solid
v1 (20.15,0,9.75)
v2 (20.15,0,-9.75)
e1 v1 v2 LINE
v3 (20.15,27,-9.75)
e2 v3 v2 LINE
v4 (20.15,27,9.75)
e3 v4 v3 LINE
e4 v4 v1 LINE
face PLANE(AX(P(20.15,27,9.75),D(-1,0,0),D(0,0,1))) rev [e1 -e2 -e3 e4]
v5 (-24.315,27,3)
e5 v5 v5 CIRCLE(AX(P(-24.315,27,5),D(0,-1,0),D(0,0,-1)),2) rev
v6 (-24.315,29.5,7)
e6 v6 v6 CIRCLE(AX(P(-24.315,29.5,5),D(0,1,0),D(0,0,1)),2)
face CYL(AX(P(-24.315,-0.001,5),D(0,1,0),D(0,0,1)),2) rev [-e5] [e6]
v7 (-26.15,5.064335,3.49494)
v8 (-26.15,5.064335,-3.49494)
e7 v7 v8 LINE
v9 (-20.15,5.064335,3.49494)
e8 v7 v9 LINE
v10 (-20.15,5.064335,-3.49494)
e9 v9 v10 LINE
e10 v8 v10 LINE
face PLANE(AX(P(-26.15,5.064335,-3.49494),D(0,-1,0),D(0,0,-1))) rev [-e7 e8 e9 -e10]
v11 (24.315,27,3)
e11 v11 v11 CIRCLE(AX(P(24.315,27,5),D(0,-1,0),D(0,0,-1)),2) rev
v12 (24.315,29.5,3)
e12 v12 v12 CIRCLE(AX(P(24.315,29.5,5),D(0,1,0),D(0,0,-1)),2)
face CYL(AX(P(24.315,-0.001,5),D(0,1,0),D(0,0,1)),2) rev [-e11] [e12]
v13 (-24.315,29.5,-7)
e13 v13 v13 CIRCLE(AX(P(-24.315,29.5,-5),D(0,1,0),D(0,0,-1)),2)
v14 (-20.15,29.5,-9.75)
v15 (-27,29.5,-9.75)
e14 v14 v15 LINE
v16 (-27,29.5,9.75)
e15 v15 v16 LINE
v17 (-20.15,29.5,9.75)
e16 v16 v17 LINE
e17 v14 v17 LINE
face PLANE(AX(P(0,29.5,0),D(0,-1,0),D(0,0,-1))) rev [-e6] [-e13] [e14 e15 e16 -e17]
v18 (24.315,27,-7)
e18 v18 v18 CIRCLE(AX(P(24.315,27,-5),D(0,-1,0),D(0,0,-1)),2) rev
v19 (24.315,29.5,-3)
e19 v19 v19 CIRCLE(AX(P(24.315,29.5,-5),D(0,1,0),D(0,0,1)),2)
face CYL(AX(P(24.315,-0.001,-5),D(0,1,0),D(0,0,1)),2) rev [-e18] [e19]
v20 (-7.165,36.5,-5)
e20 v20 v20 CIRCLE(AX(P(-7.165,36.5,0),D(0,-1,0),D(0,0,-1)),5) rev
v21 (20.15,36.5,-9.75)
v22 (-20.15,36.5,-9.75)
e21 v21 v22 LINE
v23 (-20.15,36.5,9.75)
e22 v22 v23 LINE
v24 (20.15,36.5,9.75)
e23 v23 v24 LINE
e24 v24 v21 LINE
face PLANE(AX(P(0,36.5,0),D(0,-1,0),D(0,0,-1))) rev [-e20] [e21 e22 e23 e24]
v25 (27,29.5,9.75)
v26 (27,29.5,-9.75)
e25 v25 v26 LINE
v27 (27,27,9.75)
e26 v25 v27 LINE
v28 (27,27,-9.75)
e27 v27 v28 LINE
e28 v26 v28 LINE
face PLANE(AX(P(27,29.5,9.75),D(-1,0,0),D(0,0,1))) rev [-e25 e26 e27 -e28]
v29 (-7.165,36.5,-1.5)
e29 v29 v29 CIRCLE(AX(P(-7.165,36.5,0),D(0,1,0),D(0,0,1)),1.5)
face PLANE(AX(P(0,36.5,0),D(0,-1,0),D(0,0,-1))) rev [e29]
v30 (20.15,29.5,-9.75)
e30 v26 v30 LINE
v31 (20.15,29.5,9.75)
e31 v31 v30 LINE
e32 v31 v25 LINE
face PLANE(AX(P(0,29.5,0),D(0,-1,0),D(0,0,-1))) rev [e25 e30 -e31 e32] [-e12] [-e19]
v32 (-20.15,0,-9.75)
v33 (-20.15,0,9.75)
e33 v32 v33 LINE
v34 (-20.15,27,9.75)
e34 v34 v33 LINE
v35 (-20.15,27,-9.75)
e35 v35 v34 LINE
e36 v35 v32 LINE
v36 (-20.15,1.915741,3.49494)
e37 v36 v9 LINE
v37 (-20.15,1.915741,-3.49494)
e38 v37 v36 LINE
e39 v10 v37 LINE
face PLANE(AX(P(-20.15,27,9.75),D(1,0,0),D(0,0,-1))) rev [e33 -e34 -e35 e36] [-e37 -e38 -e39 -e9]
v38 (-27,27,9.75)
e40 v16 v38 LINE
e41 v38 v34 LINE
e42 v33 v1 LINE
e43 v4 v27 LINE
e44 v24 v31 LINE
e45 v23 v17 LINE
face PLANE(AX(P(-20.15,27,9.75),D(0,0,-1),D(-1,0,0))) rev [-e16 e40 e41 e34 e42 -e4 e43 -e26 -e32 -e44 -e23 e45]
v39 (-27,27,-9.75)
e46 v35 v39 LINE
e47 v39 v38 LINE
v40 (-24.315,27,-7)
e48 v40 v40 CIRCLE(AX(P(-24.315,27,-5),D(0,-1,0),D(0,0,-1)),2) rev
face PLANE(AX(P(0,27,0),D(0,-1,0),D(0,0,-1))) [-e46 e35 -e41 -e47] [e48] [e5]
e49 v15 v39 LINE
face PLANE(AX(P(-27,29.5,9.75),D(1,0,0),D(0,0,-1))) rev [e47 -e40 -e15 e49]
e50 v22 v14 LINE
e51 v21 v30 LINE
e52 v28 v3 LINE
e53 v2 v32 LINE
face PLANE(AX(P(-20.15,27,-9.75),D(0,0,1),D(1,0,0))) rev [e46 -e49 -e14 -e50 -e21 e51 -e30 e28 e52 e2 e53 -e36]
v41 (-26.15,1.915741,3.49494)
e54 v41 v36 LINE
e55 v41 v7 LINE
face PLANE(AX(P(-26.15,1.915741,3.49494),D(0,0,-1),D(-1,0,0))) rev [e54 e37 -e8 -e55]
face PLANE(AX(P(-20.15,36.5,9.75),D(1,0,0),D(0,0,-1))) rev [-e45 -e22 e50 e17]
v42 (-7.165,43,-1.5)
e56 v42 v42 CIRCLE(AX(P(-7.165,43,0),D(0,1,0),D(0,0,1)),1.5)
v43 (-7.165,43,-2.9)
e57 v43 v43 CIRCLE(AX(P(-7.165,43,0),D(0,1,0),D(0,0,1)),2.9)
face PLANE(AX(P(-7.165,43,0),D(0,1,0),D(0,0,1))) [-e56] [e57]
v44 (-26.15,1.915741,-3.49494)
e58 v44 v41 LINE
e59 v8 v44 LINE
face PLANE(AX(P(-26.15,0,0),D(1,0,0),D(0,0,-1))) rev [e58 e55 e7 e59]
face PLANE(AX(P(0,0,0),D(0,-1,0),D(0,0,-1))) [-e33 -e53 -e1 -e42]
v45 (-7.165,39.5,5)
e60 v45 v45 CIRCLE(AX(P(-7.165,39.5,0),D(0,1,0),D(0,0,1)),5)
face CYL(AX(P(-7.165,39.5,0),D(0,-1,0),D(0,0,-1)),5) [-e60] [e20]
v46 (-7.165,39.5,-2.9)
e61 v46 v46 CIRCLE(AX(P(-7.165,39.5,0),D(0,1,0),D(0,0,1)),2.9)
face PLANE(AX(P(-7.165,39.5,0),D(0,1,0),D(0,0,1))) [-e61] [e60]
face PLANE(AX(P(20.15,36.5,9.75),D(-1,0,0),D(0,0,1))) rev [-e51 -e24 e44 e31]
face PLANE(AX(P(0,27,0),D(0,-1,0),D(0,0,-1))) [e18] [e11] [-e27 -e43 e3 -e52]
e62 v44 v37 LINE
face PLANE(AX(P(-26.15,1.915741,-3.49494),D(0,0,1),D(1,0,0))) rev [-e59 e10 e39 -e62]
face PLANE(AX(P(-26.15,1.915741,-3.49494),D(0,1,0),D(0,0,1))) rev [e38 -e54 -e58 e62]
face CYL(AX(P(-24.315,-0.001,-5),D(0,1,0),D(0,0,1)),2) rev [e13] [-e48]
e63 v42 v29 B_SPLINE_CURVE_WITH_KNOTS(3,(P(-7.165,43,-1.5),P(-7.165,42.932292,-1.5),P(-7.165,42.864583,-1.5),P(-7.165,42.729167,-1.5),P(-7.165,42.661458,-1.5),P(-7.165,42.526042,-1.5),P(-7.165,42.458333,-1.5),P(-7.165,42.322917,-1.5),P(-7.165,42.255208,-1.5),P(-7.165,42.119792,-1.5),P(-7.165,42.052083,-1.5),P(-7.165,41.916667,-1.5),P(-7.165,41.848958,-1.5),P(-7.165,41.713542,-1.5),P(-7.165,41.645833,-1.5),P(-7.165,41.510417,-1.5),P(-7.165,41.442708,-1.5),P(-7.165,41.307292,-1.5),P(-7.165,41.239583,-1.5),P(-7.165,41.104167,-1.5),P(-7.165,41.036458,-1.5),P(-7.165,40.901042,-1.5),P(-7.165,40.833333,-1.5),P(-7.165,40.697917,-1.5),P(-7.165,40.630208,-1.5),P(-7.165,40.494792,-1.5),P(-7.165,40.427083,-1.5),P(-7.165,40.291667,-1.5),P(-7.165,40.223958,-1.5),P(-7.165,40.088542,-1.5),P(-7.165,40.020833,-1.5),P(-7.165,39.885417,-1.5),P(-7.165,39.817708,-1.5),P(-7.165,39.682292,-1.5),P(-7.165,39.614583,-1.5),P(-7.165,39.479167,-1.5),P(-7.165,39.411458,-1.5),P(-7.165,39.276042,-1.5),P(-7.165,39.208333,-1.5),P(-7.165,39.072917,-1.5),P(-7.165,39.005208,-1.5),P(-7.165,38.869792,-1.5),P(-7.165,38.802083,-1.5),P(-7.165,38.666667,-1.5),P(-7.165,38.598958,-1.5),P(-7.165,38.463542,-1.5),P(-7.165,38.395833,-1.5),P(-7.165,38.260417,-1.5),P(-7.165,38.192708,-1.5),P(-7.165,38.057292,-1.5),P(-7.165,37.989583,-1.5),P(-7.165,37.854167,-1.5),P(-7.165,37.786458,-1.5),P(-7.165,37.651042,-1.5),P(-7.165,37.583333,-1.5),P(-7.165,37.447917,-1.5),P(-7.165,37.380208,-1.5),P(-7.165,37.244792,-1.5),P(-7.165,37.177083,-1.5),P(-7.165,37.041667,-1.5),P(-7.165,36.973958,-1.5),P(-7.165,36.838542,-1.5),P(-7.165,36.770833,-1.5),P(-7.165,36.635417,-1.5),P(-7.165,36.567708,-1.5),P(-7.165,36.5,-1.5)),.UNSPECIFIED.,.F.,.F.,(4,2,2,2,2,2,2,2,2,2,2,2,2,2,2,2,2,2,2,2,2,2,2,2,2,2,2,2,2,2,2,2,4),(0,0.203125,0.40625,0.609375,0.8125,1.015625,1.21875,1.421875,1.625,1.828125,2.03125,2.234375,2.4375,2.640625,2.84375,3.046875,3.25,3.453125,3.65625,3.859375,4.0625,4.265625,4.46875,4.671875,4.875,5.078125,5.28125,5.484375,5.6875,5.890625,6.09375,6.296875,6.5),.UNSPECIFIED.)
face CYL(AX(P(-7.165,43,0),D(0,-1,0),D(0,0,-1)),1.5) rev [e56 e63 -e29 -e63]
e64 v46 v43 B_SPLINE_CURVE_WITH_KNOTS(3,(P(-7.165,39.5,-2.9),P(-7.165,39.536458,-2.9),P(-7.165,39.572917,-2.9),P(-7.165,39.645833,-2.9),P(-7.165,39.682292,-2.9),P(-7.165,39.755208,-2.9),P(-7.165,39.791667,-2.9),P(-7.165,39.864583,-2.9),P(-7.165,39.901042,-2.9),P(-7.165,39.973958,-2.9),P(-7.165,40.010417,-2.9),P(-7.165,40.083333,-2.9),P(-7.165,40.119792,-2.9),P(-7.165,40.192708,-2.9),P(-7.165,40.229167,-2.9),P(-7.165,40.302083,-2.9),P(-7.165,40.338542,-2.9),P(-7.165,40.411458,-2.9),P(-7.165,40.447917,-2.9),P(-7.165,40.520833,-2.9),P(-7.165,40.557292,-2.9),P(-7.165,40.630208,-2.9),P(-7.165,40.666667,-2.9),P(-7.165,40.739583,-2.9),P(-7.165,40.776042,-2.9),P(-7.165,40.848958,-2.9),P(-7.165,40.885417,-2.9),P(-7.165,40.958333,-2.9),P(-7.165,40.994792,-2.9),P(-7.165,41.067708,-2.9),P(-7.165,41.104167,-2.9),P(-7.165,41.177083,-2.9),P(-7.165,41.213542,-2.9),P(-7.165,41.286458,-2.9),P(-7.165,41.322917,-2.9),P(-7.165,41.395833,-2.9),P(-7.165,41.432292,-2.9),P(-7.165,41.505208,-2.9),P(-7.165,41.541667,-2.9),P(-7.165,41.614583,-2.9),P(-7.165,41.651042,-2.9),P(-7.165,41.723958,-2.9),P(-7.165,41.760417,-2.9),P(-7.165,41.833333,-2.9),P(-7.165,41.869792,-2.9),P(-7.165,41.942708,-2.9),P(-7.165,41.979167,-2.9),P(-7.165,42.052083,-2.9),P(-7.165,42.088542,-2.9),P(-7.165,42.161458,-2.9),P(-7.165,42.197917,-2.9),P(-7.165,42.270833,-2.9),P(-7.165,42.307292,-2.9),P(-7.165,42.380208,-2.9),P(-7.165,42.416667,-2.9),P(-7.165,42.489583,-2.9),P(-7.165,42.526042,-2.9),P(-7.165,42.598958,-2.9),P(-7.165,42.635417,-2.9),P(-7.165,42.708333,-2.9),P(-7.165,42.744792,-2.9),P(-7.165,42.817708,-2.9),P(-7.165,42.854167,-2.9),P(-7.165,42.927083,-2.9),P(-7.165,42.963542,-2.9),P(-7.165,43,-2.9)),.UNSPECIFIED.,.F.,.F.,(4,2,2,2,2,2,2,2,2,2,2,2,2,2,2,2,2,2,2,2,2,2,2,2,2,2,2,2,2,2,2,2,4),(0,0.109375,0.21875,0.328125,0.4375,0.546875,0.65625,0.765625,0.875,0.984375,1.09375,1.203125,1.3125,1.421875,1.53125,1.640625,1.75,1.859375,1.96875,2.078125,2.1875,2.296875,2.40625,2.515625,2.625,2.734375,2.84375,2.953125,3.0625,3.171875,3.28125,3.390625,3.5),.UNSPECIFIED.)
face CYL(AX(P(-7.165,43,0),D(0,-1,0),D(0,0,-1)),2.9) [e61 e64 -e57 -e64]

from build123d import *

# Parameters (mm, degrees)
SKETCH_1_W          = 40.3
SKETCH_1_H          = 19.5
EXTRUDE_1_DEPTH     = 27
SKETCH_2_W          = 54
SKETCH_2_H          = 19.5
EXTRUDE_2_DEPTH     = 2.5
CUT_EXTRUDE_1_REACH = 43.162
SKETCH_3_R          = 2
SKETCH_4_W          = 40.3
SKETCH_4_H          = 19.5
EXTRUDE_3_DEPTH     = 7
SKETCH_6_R          = 2.9
SKETCH_6_R_2        = 1.5
EXTRUDE_4_DEPTH     = 6.5
SKETCH_7_R          = 5
SKETCH_7_R_2        = 2.9
EXTRUDE_5_DEPTH     = 3
SKETCH_8_W          = 6.989880398
SKETCH_8_H          = 3.148594774
EXTRUDE_6_DEPTH     = 6


with BuildPart() as part:
    # 草图1 → 凸台-拉伸1 (new body)
    with BuildSketch(Plane(origin=(0, 0, 0), x_dir=(1, 0, 0), z_dir=(0, 1, 0))):
        Rectangle(SKETCH_1_W, SKETCH_1_H)
    extrude(amount=EXTRUDE_1_DEPTH)

    # 草图2 → 凸台-拉伸2 (add)
    with BuildSketch(Plane(origin=(0, 27, 0), x_dir=(1, 0, 0), z_dir=(0, 1, 0))):
        Rectangle(SKETCH_2_W, SKETCH_2_H)
    extrude(amount=EXTRUDE_2_DEPTH)

    # 草图3 → 切除-拉伸1 (cut, up to next)
    with BuildSketch(Plane(origin=(0, 29.5, 0), x_dir=(1, 0, 0), z_dir=(0, 1, 0)), mode=Mode.PRIVATE) as cut_extrude_1_sk1:
        with Locations(Location((24.315, 5, 0), (0, 0, 270))):
            Circle(SKETCH_3_R)
    cut_extrude_1_tool1 = extrude(cut_extrude_1_sk1.sketch, amount=-CUT_EXTRUDE_1_REACH, mode=Mode.PRIVATE) & part.part
    # 草图3 → 切除-拉伸1 (cut, up to next)
    with BuildSketch(Plane(origin=(0, 29.5, 0), x_dir=(1, 0, 0), z_dir=(0, 1, 0)), mode=Mode.PRIVATE) as cut_extrude_1_sk2:
        with Locations(Location((-24.315, 5, 0), (0, 0, 90))):
            Circle(SKETCH_3_R)
    cut_extrude_1_tool2 = extrude(cut_extrude_1_sk2.sketch, amount=-CUT_EXTRUDE_1_REACH, mode=Mode.PRIVATE) & part.part
    # 草图3 → 切除-拉伸1 (cut, up to next)
    with BuildSketch(Plane(origin=(0, 29.5, 0), x_dir=(1, 0, 0), z_dir=(0, 1, 0)), mode=Mode.PRIVATE) as cut_extrude_1_sk3:
        with Locations(Location((24.315, -5, 0), (0, 0, 90))):
            Circle(SKETCH_3_R)
    cut_extrude_1_tool3 = extrude(cut_extrude_1_sk3.sketch, amount=-CUT_EXTRUDE_1_REACH, mode=Mode.PRIVATE) & part.part
    # 草图3 → 切除-拉伸1 (cut, up to next)
    with BuildSketch(Plane(origin=(0, 29.5, 0), x_dir=(1, 0, 0), z_dir=(0, 1, 0)), mode=Mode.PRIVATE) as cut_extrude_1_sk4:
        with Locations(Location((-24.315, -5, 0), (0, 0, 270))):
            Circle(SKETCH_3_R)
    cut_extrude_1_tool4 = extrude(cut_extrude_1_sk4.sketch, amount=-CUT_EXTRUDE_1_REACH, mode=Mode.PRIVATE) & part.part
    add(cut_extrude_1_tool1.solids().sort_by_distance((24.315, 29.5, -5))[0], mode=Mode.SUBTRACT)
    add(cut_extrude_1_tool2.solids().sort_by_distance((-24.315, 29.5, -5))[0], mode=Mode.SUBTRACT)
    add(cut_extrude_1_tool3.solids().sort_by_distance((24.315, 29.5, 5))[0], mode=Mode.SUBTRACT)
    add(cut_extrude_1_tool4.solids().sort_by_distance((-24.315, 29.5, 5))[0], mode=Mode.SUBTRACT)

    # 草图4 → 凸台-拉伸3 (add)
    with BuildSketch(Plane(origin=(0, 29.5, 0), x_dir=(1, 0, 0), z_dir=(0, 1, 0))):
        Rectangle(SKETCH_4_W, SKETCH_4_H)
    extrude(amount=EXTRUDE_3_DEPTH)

    # 草图6 → 凸台-拉伸4 (add)
    with BuildSketch(Plane(origin=(0, 36.5, 0), x_dir=(1, 0, 0), z_dir=(0, 1, 0))):
        with Locations(Location((-7.165, 0, 0), (0, 0, 90))):
            Circle(SKETCH_6_R)
        with Locations(Location((-7.165, 0, 0), (0, 0, 90))):
            Circle(SKETCH_6_R_2, mode=Mode.SUBTRACT)
    extrude(amount=EXTRUDE_4_DEPTH)

    # 草图7 → 凸台-拉伸5 (add)
    with BuildSketch(Plane(origin=(0, 36.5, 0), x_dir=(1, 0, 0), z_dir=(0, 1, 0))):
        with Locations(Location((-7.165, 0, 0), (0, 0, 90))):
            Circle(SKETCH_7_R)
        with Locations(Location((-7.165, 0, 0), (0, 0, 90))):
            Circle(SKETCH_7_R_2, mode=Mode.SUBTRACT)
    extrude(amount=EXTRUDE_5_DEPTH)

    # 草图8 → 凸台-拉伸6 (add)
    with BuildSketch(Plane.ZY.offset(20.15)):
        with Locations((0, 3.490037893)):
            Rectangle(SKETCH_8_W, SKETCH_8_H)
    extrude(amount=EXTRUDE_6_DEPTH)


solid = part.part
